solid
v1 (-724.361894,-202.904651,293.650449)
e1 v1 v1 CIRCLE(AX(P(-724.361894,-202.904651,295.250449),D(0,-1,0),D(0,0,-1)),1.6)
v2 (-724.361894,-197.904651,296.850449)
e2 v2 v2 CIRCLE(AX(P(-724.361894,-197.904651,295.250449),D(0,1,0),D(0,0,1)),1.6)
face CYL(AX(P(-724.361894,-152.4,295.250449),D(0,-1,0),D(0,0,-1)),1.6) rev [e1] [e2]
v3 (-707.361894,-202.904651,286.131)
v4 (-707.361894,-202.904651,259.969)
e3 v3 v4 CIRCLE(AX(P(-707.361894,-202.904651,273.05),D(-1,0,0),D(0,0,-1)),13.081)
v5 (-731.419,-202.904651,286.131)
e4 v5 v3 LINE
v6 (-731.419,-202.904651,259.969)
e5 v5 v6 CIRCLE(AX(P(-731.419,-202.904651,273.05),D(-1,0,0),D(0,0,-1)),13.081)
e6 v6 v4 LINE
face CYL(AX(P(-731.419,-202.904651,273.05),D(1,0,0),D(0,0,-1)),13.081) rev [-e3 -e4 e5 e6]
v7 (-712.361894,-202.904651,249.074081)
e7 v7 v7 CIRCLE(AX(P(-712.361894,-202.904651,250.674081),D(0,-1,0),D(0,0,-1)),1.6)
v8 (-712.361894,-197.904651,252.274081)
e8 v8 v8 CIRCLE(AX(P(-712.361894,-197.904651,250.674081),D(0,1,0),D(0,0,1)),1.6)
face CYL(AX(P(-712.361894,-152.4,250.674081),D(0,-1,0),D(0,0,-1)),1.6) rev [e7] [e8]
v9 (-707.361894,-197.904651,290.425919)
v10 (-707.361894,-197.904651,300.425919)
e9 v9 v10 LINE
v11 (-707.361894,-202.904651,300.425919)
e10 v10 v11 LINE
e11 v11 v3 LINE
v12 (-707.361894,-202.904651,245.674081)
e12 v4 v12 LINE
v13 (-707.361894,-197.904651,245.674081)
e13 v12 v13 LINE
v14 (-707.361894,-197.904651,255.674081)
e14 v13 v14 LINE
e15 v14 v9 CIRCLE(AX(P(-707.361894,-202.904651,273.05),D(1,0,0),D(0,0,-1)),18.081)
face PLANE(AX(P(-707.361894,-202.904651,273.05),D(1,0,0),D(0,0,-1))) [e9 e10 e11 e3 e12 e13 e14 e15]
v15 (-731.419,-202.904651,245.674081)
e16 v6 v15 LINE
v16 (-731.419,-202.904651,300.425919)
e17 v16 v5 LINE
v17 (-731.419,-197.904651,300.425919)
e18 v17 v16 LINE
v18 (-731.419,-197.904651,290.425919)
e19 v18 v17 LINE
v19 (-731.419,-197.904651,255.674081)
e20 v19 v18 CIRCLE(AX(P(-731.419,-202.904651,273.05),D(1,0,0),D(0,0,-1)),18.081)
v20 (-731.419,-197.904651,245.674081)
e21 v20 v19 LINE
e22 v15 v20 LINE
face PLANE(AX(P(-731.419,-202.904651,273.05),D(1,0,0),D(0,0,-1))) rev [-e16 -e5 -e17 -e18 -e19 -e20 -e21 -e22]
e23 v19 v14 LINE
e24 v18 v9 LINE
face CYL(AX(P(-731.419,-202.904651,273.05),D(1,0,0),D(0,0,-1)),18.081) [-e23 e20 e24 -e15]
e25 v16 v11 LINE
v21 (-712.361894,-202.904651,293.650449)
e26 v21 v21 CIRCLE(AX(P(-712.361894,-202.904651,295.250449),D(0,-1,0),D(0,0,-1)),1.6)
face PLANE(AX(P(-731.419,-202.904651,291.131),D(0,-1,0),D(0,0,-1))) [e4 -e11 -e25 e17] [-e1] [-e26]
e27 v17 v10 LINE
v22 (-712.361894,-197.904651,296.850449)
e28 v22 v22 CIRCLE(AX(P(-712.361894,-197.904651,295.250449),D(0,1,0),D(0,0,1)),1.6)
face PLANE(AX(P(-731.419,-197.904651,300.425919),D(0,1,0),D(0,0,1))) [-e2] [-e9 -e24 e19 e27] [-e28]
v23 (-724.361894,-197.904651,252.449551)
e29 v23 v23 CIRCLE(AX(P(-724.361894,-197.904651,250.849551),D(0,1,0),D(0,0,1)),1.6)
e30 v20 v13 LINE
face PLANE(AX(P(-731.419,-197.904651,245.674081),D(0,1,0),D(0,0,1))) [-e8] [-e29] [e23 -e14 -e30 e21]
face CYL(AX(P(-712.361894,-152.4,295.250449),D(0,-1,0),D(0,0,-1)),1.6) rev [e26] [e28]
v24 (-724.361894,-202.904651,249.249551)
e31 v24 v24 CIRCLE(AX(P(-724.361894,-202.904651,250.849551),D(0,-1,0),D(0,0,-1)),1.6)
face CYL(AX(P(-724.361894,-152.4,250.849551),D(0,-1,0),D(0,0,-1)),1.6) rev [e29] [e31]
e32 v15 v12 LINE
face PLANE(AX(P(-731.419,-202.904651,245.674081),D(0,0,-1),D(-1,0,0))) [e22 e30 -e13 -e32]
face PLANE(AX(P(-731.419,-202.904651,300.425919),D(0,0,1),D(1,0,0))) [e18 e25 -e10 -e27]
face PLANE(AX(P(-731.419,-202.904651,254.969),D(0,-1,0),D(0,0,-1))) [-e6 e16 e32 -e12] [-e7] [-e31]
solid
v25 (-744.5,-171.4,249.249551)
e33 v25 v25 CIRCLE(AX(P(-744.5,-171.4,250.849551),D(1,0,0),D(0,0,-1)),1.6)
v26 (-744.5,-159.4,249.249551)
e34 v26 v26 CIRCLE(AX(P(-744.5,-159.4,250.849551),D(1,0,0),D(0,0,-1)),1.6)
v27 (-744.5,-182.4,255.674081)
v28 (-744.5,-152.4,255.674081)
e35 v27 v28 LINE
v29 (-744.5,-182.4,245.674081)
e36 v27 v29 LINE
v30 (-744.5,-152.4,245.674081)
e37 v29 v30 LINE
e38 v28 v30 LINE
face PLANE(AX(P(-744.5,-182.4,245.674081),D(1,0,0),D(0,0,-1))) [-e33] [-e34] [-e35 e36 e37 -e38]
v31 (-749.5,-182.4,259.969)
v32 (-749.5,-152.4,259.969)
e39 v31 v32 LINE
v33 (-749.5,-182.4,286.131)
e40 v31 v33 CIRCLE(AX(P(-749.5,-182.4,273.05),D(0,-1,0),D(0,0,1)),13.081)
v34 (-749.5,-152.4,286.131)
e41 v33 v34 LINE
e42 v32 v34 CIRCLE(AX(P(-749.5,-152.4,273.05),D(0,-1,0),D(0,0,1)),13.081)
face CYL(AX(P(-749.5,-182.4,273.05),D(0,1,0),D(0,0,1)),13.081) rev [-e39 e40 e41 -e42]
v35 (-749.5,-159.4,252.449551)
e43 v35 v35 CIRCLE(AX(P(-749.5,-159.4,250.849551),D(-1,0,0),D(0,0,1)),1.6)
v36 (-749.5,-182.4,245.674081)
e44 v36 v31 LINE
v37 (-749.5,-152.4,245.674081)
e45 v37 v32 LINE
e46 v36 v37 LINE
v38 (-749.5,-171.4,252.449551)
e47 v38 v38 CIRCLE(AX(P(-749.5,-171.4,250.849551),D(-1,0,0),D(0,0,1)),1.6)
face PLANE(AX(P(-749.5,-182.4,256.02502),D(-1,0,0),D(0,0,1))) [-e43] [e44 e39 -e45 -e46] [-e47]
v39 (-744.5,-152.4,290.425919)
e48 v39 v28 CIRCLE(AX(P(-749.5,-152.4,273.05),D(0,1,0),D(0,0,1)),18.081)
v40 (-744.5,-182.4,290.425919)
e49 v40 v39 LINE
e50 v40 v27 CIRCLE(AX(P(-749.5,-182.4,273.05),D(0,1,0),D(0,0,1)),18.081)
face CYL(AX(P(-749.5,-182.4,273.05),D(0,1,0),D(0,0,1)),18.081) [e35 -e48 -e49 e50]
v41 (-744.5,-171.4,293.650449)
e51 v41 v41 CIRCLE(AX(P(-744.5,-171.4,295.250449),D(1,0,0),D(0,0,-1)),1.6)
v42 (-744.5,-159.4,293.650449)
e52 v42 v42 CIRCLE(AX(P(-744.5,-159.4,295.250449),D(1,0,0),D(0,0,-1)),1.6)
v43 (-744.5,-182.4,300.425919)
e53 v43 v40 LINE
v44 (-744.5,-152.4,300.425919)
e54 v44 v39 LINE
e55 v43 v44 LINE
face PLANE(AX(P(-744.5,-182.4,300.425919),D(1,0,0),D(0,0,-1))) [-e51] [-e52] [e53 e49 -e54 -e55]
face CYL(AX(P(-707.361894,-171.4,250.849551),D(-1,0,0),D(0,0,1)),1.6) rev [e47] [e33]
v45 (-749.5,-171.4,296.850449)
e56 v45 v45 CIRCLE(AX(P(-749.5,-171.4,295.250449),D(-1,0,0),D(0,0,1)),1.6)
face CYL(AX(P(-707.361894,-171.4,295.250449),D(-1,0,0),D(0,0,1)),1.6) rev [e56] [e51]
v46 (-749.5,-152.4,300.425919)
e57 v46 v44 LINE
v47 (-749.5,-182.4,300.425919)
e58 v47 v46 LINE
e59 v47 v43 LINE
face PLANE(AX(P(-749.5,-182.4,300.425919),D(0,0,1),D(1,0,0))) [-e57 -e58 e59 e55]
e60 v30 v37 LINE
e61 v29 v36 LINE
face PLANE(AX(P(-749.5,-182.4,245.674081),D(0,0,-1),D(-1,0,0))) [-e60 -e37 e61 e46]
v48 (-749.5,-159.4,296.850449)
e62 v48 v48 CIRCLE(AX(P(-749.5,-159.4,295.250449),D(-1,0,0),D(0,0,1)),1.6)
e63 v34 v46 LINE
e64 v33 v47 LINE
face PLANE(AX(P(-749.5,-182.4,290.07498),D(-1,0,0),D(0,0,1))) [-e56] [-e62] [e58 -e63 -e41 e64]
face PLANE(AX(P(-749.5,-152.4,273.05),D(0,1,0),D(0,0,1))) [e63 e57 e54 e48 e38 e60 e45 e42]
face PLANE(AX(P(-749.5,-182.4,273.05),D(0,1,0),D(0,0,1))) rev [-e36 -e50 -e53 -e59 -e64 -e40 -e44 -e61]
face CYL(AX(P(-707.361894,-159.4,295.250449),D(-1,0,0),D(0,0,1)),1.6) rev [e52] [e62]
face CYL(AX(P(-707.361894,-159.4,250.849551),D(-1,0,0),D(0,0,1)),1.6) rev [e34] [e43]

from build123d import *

# Parameters (mm, degrees)
BOSS_EXTRUDE2_DEPTH = 30
BOSS_EXTRUDE3_DEPTH = 24.057106
SKETCH8_R           = 1.6
CUT_EXTRUDE3_DEPTH  = 365.96801264
SKETCH10_R          = 1.6
CUT_EXTRUDE4_DEPTH  = 810.046786406


with BuildPart() as part:
    # Sketch5 → Boss-Extrude2 (new body)
    with BuildSketch(Plane(origin=(0, -152.4, 0), x_dir=(1, 0, 0), z_dir=(0, 1, 0))):
        with BuildLine():
            Line((-749.5, -256.025020287), (-749.5, -259.969))
            ThreePointArc((-749.5, -259.969), (-736.419, -273.05), (-749.5, -286.131))
            Line((-749.5, -286.131), (-749.5, -290.074979713))
            Line((-749.5, -290.074979713), (-749.5, -300.425918997))
            Line((-749.5, -300.425918997), (-744.5, -300.425918997))
            Line((-744.5, -300.425918997), (-744.5, -290.425918997))
            ThreePointArc((-744.5, -290.425918997), (-731.419, -273.05), (-744.5, -255.674081003))
            Line((-744.5, -255.674081003), (-744.5, -245.674081003))
            Line((-744.5, -245.674081003), (-749.5, -245.674081003))
            Line((-749.5, -245.674081003), (-749.5, -256.025020287))
        make_face()
    extrude(amount=-BOSS_EXTRUDE2_DEPTH)

    # Sketch8 → Cut-Extrude3 (cut, through all)
    with BuildSketch(Plane.ZY.offset(749.5)):
        with Locations((295.250449355, -159.4)):
            Circle(SKETCH8_R)
        with Locations((295.250449355, -171.4)):
            Circle(SKETCH8_R)
        with Locations((250.849550645, -171.4)):
            Circle(SKETCH8_R)
        with Locations((250.849550645, -159.4)):
            Circle(SKETCH8_R)
    extrude(amount=-CUT_EXTRUDE3_DEPTH, mode=Mode.SUBTRACT)


with BuildPart() as body_2:
    # Sketch6 → Boss-Extrude3 (new body)
    with BuildSketch(Plane(origin=(-707.361893949, 0, 0), x_dir=(0, 0, -1), z_dir=(1, 0, 0))):
        with BuildLine():
            Line((-291.131, -202.904651163), (-300.425918997, -202.904651163))
            Line((-300.425918997, -202.904651163), (-300.425918997, -197.904651163))
            Line((-300.425918997, -197.904651163), (-290.425918997, -197.904651163))
            ThreePointArc((-290.425918997, -197.904651163), (-273.05, -184.823651163), (-255.674081003, -197.904651163))
            Line((-255.674081003, -197.904651163), (-245.674081003, -197.904651163))
            Line((-245.674081003, -197.904651163), (-245.674081003, -202.904651163))
            Line((-245.674081003, -202.904651163), (-254.969, -202.904651163))
            Line((-254.969, -202.904651163), (-259.969, -202.904651163))
            ThreePointArc((-259.969, -202.904651163), (-273.05, -189.823651163), (-286.131, -202.904651163))
            Line((-286.131, -202.904651163), (-291.131, -202.904651163))
        make_face()
    extrude(amount=-BOSS_EXTRUDE3_DEPTH)

    # Sketch10 → Cut-Extrude4 (cut, through all)
    with BuildSketch(Plane.XZ.offset(202.904651163)):
        with Locations(Location((-724.361893949, 295.250449355, 0), (0, 0, 270))):
            Circle(SKETCH10_R)
        with Locations(Location((-712.361893949, 295.250449355, 0), (0, 0, 270))):
            Circle(SKETCH10_R)
        with Locations(Location((-712.361893949, 250.674081003, 0), (0, 0, 270))):
            Circle(SKETCH10_R)
        with Locations(Location((-724.361893949, 250.849550645, 0), (0, 0, 270))):
            Circle(SKETCH10_R)
    extrude(amount=-CUT_EXTRUDE4_DEPTH, mode=Mode.SUBTRACT)


solid = Compound([part.part, body_2.part])
